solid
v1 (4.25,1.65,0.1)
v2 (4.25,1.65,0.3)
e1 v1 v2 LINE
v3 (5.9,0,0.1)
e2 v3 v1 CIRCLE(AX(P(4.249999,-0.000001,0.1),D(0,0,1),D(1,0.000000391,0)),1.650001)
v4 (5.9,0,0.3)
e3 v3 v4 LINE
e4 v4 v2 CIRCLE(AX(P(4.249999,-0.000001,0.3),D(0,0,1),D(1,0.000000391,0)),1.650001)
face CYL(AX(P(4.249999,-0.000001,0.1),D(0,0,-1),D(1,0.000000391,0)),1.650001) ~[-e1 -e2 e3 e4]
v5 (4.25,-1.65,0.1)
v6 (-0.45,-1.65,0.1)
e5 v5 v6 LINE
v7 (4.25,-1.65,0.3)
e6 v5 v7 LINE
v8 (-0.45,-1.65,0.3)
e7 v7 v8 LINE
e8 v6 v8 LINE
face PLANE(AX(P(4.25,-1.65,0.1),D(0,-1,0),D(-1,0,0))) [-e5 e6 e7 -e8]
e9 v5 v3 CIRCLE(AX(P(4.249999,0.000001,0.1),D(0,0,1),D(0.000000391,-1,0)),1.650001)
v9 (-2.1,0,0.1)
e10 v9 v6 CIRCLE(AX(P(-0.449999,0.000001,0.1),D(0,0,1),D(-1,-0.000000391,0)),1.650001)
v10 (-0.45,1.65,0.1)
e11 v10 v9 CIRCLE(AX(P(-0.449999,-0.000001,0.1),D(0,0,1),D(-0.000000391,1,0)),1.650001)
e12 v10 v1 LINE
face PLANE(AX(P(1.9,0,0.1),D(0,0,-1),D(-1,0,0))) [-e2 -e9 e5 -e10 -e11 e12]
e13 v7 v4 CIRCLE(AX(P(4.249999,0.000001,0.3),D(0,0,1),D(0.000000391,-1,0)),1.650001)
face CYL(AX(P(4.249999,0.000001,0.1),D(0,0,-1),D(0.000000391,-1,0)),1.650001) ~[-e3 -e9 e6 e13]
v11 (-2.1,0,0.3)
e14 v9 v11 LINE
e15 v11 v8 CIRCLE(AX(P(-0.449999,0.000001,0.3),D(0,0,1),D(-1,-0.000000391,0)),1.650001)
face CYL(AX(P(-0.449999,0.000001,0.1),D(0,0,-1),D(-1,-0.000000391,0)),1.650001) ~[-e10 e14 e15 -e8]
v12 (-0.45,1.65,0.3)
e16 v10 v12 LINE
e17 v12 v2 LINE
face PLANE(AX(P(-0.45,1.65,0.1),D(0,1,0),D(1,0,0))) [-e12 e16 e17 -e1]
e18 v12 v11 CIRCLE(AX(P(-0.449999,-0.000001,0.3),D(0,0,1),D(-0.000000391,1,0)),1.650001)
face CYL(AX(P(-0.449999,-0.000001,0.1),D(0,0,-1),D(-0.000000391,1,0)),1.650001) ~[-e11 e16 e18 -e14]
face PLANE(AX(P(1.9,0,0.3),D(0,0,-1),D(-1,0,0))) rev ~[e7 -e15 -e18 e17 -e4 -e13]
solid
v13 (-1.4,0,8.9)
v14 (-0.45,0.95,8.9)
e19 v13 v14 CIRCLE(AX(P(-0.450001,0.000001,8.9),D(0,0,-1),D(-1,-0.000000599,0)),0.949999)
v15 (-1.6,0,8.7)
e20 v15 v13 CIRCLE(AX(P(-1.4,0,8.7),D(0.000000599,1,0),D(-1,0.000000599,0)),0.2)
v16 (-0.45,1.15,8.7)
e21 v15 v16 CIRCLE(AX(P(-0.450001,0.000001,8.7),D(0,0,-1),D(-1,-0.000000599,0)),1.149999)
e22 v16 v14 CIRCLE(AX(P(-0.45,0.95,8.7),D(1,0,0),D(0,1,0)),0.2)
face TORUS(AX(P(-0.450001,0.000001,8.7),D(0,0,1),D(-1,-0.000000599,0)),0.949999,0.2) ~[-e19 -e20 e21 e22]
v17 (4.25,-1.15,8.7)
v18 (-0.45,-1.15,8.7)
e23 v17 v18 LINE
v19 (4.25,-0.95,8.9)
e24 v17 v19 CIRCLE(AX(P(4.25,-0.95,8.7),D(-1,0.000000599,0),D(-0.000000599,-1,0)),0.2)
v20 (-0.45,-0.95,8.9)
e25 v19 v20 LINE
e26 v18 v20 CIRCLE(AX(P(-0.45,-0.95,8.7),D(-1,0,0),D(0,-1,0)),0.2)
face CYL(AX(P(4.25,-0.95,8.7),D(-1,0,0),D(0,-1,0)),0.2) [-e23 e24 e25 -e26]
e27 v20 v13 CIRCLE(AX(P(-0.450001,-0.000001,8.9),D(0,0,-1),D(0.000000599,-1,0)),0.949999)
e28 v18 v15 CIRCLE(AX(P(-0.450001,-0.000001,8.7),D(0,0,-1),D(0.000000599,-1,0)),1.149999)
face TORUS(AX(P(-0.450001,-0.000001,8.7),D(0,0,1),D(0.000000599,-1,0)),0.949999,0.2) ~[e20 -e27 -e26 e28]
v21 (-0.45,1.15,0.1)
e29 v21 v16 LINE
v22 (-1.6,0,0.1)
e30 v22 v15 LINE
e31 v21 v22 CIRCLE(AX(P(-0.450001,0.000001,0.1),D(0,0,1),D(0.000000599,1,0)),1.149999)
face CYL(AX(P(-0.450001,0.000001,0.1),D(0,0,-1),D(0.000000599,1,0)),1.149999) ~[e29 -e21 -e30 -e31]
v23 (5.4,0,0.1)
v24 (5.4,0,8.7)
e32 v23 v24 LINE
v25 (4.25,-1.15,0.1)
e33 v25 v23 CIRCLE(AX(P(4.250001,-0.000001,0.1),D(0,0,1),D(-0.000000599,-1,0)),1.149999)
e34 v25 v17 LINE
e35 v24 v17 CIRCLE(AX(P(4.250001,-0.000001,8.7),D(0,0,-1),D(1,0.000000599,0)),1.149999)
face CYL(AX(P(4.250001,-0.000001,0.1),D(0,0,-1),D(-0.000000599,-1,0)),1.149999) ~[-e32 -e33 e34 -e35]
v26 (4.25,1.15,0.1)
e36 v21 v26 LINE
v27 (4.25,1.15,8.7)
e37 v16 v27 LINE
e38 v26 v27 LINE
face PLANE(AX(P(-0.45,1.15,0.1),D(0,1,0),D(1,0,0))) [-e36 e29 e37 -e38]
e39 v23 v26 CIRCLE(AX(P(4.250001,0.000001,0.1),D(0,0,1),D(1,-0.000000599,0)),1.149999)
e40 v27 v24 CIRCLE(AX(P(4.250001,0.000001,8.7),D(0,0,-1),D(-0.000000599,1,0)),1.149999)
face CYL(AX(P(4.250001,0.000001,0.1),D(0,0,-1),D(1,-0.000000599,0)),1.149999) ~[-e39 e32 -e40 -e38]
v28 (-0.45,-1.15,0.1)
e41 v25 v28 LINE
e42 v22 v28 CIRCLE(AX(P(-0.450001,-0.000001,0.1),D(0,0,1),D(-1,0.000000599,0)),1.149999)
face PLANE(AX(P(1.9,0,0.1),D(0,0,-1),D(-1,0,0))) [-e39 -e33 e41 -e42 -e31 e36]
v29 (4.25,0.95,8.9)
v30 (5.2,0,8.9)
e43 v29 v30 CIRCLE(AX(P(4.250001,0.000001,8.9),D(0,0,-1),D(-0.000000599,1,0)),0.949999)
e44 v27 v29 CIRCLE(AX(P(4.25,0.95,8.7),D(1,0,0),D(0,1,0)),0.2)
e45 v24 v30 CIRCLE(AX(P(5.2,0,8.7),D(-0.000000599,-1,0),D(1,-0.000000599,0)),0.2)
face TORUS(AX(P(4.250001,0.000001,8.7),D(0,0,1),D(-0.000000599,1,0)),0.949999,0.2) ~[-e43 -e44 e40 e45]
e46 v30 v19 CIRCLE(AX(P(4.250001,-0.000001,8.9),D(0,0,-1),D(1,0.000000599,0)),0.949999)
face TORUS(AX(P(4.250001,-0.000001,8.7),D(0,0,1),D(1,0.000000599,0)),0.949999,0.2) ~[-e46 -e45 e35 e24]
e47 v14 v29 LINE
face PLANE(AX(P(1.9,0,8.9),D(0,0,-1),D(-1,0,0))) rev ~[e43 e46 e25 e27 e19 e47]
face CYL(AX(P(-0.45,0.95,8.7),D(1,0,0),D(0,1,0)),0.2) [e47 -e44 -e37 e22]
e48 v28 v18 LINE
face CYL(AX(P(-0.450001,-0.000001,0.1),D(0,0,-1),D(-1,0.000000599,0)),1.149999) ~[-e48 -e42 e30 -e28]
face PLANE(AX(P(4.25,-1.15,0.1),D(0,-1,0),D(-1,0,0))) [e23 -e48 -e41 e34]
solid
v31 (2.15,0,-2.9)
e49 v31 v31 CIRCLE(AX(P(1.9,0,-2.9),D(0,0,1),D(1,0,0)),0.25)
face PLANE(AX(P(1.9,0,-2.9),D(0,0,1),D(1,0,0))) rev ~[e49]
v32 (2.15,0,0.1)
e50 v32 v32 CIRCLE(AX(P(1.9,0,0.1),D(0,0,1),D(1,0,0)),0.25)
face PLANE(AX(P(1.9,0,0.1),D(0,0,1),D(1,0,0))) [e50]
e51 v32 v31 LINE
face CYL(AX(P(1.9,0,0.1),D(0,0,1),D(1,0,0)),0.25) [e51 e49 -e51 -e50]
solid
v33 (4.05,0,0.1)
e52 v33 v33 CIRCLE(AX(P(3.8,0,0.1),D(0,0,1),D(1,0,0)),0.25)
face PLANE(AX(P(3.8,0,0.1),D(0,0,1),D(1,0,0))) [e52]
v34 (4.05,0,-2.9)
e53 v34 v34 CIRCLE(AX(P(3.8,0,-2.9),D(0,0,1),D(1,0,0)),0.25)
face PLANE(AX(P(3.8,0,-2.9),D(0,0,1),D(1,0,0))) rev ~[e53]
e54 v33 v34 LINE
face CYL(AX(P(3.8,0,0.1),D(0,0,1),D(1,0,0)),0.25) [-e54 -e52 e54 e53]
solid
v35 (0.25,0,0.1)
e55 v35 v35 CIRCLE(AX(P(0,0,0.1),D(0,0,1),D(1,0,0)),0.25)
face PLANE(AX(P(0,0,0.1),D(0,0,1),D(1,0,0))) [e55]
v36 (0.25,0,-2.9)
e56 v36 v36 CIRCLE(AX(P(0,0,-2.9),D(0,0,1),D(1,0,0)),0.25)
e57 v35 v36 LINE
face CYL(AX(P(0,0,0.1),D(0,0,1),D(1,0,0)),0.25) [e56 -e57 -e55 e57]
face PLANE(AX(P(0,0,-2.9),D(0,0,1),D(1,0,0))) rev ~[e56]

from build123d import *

# Parameters (mm, degrees)
SKETCH_R     = 0.25
PAD_DEPTH    = 3
PAD001_DEPTH = 0.2
PAD002_DEPTH = 8.8
FILLET_R     = 0.2


with BuildPart() as pad:
    # Sketch → Pad (new body)
    with BuildSketch(Plane.XY.offset(0.1)):
        Circle(SKETCH_R)
        with Locations((3.8, 0)):
            Circle(SKETCH_R)
        with Locations((1.9, 0)):
            Circle(SKETCH_R)
    extrude(amount=-PAD_DEPTH)


with BuildPart() as pad001:
    # Sketch001 → Pad001 (new body)
    with BuildSketch(Plane.XY.offset(0.1)):
        with BuildLine():
            Line((-0.45, 1.65), (4.25, 1.65))
            ThreePointArc((5.9, 0), (5.416726, 1.166726), (4.25, 1.65))
            ThreePointArc((4.25, -1.65), (5.416726, -1.166726), (5.9, 0))
            Line((4.25, -1.65), (-0.45, -1.65))
            ThreePointArc((-2.1, 0), (-1.616726, -1.166726), (-0.45, -1.65))
            ThreePointArc((-0.45, 1.65), (-1.616726, 1.166726), (-2.1, 0))
        make_face()
    extrude(amount=PAD001_DEPTH)


with BuildPart() as fillet_body:
    # Sketch003 → Pad002 (new body)
    with BuildSketch(Plane.XY.offset(0.1)):
        with BuildLine():
            Line((-0.45, 1.15), (4.25, 1.15))
            ThreePointArc((5.4, 0), (5.063173, 0.813173), (4.25, 1.15))
            ThreePointArc((4.25, -1.15), (5.063173, -0.813173), (5.4, 0))
            Line((4.25, -1.15), (-0.45, -1.15))
            ThreePointArc((-1.6, 0), (-1.263173, -0.813173), (-0.45, -1.15))
            ThreePointArc((-0.45, 1.15), (-1.263173, 0.813173), (-1.6, 0))
        make_face()
    extrude(amount=PAD002_DEPTH)

    # Fillet
    fillet_edges = [fillet_body.edges().sort_by_distance(p)[0] for p in [
        (1.9, 1.15, 8.9),
        (-1.263173, 0.813173, 8.9),
        (-1.263173, -0.813173, 8.9),
        (1.9, -1.15, 8.9),
        (5.063173, -0.813173, 8.9),
        (5.063173, 0.813173, 8.9),
    ]]
    fillet(fillet_edges, radius=FILLET_R)


solid = Compound([pad.part, pad001.part, fillet_body.part])
